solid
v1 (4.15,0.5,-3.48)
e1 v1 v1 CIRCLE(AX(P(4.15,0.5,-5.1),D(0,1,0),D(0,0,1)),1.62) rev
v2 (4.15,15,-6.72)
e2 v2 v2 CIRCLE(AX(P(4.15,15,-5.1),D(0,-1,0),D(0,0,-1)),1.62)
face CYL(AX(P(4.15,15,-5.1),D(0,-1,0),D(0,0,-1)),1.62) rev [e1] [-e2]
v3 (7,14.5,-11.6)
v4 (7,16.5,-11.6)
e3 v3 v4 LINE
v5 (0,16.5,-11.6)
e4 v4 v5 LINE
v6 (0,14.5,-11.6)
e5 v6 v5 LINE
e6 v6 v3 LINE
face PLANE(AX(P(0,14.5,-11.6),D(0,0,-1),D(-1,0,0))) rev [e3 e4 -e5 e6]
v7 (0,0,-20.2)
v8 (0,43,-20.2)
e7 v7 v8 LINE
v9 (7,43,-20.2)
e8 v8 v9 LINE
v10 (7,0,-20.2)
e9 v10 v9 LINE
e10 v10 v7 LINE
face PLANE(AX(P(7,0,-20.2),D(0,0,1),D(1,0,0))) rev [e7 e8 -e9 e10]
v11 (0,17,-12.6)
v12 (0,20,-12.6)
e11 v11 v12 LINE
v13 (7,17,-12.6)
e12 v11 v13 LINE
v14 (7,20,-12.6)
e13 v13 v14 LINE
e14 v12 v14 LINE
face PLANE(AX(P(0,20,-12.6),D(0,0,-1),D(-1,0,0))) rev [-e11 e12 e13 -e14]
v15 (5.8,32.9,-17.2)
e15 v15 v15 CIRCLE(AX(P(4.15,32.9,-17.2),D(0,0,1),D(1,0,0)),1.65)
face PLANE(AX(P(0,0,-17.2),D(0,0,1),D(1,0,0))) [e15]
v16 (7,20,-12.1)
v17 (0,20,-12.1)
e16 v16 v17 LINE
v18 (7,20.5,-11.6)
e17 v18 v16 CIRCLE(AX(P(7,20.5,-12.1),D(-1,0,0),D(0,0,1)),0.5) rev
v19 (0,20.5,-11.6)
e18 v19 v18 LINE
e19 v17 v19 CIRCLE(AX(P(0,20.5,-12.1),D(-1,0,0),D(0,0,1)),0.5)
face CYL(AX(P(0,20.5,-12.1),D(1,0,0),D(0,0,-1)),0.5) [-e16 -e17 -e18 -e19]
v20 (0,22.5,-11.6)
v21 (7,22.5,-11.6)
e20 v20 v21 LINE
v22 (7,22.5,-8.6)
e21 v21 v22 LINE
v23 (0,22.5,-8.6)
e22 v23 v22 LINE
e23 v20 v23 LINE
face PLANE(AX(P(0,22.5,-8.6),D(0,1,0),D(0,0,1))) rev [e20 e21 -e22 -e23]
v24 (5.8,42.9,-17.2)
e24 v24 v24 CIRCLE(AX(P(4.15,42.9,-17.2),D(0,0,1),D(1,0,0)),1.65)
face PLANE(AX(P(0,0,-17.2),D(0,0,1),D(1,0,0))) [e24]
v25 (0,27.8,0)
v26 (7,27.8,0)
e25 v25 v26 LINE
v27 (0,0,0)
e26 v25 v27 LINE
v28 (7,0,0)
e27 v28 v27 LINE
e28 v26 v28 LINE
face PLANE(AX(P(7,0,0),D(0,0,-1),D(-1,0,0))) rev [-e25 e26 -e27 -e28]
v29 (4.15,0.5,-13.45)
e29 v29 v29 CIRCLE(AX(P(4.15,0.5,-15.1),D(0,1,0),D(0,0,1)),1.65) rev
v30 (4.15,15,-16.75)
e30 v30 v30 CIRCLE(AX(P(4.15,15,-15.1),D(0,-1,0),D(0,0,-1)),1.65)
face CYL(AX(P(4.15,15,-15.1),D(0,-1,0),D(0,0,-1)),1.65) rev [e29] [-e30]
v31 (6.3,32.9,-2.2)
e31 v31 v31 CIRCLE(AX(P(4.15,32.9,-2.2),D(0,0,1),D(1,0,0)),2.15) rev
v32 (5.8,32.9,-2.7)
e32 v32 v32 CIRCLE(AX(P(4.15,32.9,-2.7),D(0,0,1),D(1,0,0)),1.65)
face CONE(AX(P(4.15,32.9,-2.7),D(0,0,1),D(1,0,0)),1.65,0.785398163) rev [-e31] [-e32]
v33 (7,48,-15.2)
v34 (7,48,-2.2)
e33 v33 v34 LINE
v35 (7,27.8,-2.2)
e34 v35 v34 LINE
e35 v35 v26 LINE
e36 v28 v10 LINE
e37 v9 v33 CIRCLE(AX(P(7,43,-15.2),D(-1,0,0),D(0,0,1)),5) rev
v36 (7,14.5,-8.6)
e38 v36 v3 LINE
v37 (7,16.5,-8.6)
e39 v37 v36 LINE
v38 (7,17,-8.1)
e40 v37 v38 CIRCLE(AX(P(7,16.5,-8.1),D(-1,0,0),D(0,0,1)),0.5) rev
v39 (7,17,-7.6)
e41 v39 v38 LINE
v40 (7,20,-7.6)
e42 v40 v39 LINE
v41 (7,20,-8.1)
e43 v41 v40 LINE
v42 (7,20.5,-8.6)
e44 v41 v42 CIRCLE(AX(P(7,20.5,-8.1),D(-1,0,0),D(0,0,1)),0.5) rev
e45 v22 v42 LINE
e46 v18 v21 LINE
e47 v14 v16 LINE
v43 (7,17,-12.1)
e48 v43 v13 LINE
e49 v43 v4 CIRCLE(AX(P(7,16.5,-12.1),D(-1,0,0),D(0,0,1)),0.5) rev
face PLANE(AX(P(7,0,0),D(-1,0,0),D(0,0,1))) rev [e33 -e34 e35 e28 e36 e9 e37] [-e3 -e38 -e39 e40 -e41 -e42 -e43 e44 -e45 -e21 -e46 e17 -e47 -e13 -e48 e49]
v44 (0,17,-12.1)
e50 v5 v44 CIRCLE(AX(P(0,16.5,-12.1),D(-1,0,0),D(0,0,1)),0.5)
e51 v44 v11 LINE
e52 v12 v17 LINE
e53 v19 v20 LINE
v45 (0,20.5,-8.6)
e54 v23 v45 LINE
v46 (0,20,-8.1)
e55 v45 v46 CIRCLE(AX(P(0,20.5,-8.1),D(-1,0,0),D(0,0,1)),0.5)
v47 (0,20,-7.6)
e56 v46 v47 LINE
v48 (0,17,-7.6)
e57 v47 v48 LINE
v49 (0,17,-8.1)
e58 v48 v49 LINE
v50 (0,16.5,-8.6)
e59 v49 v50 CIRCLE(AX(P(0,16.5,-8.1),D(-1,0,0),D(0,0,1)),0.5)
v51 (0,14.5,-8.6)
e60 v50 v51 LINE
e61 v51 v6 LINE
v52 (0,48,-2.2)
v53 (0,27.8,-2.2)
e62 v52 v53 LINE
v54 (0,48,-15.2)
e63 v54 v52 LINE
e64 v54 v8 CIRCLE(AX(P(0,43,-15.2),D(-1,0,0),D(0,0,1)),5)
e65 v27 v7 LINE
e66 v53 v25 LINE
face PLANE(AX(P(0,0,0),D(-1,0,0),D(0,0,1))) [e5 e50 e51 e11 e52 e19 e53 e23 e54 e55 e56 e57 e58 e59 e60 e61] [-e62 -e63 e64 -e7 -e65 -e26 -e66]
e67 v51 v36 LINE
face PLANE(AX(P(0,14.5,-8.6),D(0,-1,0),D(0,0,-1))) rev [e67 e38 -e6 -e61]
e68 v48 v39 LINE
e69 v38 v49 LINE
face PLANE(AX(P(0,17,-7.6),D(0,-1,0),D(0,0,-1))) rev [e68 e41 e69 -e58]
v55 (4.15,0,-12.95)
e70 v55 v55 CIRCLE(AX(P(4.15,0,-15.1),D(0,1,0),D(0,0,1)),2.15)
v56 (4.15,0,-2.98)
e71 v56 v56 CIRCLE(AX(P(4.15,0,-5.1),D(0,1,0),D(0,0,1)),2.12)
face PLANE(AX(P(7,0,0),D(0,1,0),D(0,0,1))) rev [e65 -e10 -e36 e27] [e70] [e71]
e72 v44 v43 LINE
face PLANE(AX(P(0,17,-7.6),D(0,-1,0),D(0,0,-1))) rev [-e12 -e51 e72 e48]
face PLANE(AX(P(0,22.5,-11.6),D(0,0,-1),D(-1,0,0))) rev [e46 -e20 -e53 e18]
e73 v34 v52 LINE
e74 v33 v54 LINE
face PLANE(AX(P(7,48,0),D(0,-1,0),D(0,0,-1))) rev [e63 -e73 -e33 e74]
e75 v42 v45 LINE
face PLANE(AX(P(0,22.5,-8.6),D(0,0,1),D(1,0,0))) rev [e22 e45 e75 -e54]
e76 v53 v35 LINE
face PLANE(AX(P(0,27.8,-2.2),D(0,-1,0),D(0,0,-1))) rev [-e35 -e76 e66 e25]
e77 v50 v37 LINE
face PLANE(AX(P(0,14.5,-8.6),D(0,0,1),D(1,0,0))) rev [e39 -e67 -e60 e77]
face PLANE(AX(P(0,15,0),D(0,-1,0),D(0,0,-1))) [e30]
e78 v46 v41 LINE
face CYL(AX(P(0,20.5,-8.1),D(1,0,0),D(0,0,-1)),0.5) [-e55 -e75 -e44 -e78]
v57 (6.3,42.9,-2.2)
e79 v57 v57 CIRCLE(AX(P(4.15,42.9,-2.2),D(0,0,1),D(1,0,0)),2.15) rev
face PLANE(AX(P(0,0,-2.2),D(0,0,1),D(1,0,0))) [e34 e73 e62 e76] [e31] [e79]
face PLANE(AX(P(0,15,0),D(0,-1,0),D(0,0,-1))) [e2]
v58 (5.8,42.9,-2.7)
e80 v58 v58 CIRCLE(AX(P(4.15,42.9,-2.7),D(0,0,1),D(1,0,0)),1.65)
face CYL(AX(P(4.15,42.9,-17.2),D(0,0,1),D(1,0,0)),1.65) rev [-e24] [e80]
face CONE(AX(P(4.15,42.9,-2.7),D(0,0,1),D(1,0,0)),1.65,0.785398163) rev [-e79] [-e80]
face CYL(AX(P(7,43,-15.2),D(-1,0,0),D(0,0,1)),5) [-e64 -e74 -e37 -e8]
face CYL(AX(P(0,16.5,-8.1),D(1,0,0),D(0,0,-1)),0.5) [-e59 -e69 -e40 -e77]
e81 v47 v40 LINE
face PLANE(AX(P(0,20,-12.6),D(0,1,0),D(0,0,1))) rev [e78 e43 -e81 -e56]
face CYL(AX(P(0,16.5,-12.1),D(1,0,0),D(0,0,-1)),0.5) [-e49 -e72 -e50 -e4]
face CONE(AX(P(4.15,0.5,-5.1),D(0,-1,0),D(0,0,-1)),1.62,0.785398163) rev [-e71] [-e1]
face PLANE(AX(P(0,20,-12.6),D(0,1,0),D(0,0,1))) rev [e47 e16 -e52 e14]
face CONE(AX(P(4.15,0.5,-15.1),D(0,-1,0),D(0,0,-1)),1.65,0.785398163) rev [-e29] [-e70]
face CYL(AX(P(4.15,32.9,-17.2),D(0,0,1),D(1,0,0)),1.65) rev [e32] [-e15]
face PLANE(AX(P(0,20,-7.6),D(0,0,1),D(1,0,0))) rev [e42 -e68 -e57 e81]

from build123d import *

# Parameters (mm, degrees)
CROQUIS1_W              = 20.2
CROQUIS1_H              = 48
SALIENTE_EXTRUIR1_DEPTH = 7
CROQUIS2_W              = 7
CROQUIS2_H              = 20.2
CORTAR_EXTRUIR1_DEPTH   = 2.2
CROQUIS3_R              = 1.62
CROQUIS3_R_2            = 1.65
CORTAR_EXTRUIR2_DEPTH   = 15
CROQUIS4_R              = 1.65
CORTAR_EXTRUIR3_DEPTH   = 15
CHAFL_N1_SIZE           = 0.5
REDONDEO1_R             = 5
CROQUIS5_W              = 5
CROQUIS5_H              = 3
CORTAR_EXTRUIR4_DEPTH   = 7
CROQUIS6_W              = 3
CROQUIS6_H              = 2.5
CORTAR_EXTRUIR5_DEPTH   = 7
REDONDEO2_R             = 0.5


with BuildPart() as part:
    # Croquis1 → Saliente-Extruir1 (new body)
    with BuildSketch(Plane(origin=(0, 0, 0), x_dir=(0, 0, -1), z_dir=(1, 0, 0))):
        with Locations((10.1, 24)):
            Rectangle(CROQUIS1_W, CROQUIS1_H)
    extrude(amount=SALIENTE_EXTRUIR1_DEPTH)

    # Croquis2 → Cortar-Extruir1 (cut)
    with BuildSketch(Plane.XY):
        with Locations((3.5, 37.9)):
            Rectangle(CROQUIS2_W, CROQUIS2_H)
    extrude(amount=-CORTAR_EXTRUIR1_DEPTH, mode=Mode.SUBTRACT)

    # Croquis3 → Cortar-Extruir2 (cut)
    with BuildSketch(Plane.XZ):
        with Locations(Location((4.15, -5.1, 0), (0, 0, 270))):
            Circle(CROQUIS3_R)
        with Locations(Location((4.15, -15.1, 0), (0, 0, 270))):
            Circle(CROQUIS3_R_2)
    extrude(amount=-CORTAR_EXTRUIR2_DEPTH, mode=Mode.SUBTRACT)

    # Croquis4 → Cortar-Extruir3 (cut)
    with BuildSketch(Plane.XY.offset(-2.2)):
        with Locations((4.15, 32.9)):
            Circle(CROQUIS4_R)
        with Locations((4.15, 42.9)):
            Circle(CROQUIS4_R)
    extrude(amount=-CORTAR_EXTRUIR3_DEPTH, mode=Mode.SUBTRACT)

    # Chaflán1
    chafl_n1_edges = [part.edges().sort_by_distance(p)[0] for p in [
        (4.15, 0, -3.48),
        (4.15, 0, -13.45),
        (2.5, 42.9, -2.2),
        (2.5, 32.9, -2.2),
    ]]
    chamfer(chafl_n1_edges, length=CHAFL_N1_SIZE)

    # Redondeo1
    redondeo1_edges = [part.edges().sort_by_distance(p)[0] for p in [
        (3.5, 48, -20.2),
    ]]
    fillet(redondeo1_edges, radius=REDONDEO1_R)

    # Croquis5 → Cortar-Extruir4 (cut)
    with BuildSketch(Plane(origin=(7, 0, 0), x_dir=(0, 0, -1), z_dir=(1, 0, 0))):
        with Locations((10.1, 18.5)):
            Rectangle(CROQUIS5_W, CROQUIS5_H)
    extrude(amount=-CORTAR_EXTRUIR4_DEPTH, mode=Mode.SUBTRACT)

    # Croquis6 → Cortar-Extruir5 (cut)
    with BuildSketch(Plane(origin=(7, 0, 0), x_dir=(0, 0, -1), z_dir=(1, 0, 0))):
        with Locations((10.1, 21.25)):
            Rectangle(CROQUIS6_W, CROQUIS6_H)
        with Locations((10.1, 15.75)):
            Rectangle(CROQUIS6_W, CROQUIS6_H)
    extrude(amount=-CORTAR_EXTRUIR5_DEPTH, mode=Mode.SUBTRACT)

    # Redondeo2
    redondeo2_edges = [part.edges().sort_by_distance(p)[0] for p in [
        (3.5, 17, -8.6),
        (3.5, 20, -8.6),
        (3.5, 20, -11.6),
        (3.5, 17, -11.6),
    ]]
    fillet(redondeo2_edges, radius=REDONDEO2_R)


solid = part.part
